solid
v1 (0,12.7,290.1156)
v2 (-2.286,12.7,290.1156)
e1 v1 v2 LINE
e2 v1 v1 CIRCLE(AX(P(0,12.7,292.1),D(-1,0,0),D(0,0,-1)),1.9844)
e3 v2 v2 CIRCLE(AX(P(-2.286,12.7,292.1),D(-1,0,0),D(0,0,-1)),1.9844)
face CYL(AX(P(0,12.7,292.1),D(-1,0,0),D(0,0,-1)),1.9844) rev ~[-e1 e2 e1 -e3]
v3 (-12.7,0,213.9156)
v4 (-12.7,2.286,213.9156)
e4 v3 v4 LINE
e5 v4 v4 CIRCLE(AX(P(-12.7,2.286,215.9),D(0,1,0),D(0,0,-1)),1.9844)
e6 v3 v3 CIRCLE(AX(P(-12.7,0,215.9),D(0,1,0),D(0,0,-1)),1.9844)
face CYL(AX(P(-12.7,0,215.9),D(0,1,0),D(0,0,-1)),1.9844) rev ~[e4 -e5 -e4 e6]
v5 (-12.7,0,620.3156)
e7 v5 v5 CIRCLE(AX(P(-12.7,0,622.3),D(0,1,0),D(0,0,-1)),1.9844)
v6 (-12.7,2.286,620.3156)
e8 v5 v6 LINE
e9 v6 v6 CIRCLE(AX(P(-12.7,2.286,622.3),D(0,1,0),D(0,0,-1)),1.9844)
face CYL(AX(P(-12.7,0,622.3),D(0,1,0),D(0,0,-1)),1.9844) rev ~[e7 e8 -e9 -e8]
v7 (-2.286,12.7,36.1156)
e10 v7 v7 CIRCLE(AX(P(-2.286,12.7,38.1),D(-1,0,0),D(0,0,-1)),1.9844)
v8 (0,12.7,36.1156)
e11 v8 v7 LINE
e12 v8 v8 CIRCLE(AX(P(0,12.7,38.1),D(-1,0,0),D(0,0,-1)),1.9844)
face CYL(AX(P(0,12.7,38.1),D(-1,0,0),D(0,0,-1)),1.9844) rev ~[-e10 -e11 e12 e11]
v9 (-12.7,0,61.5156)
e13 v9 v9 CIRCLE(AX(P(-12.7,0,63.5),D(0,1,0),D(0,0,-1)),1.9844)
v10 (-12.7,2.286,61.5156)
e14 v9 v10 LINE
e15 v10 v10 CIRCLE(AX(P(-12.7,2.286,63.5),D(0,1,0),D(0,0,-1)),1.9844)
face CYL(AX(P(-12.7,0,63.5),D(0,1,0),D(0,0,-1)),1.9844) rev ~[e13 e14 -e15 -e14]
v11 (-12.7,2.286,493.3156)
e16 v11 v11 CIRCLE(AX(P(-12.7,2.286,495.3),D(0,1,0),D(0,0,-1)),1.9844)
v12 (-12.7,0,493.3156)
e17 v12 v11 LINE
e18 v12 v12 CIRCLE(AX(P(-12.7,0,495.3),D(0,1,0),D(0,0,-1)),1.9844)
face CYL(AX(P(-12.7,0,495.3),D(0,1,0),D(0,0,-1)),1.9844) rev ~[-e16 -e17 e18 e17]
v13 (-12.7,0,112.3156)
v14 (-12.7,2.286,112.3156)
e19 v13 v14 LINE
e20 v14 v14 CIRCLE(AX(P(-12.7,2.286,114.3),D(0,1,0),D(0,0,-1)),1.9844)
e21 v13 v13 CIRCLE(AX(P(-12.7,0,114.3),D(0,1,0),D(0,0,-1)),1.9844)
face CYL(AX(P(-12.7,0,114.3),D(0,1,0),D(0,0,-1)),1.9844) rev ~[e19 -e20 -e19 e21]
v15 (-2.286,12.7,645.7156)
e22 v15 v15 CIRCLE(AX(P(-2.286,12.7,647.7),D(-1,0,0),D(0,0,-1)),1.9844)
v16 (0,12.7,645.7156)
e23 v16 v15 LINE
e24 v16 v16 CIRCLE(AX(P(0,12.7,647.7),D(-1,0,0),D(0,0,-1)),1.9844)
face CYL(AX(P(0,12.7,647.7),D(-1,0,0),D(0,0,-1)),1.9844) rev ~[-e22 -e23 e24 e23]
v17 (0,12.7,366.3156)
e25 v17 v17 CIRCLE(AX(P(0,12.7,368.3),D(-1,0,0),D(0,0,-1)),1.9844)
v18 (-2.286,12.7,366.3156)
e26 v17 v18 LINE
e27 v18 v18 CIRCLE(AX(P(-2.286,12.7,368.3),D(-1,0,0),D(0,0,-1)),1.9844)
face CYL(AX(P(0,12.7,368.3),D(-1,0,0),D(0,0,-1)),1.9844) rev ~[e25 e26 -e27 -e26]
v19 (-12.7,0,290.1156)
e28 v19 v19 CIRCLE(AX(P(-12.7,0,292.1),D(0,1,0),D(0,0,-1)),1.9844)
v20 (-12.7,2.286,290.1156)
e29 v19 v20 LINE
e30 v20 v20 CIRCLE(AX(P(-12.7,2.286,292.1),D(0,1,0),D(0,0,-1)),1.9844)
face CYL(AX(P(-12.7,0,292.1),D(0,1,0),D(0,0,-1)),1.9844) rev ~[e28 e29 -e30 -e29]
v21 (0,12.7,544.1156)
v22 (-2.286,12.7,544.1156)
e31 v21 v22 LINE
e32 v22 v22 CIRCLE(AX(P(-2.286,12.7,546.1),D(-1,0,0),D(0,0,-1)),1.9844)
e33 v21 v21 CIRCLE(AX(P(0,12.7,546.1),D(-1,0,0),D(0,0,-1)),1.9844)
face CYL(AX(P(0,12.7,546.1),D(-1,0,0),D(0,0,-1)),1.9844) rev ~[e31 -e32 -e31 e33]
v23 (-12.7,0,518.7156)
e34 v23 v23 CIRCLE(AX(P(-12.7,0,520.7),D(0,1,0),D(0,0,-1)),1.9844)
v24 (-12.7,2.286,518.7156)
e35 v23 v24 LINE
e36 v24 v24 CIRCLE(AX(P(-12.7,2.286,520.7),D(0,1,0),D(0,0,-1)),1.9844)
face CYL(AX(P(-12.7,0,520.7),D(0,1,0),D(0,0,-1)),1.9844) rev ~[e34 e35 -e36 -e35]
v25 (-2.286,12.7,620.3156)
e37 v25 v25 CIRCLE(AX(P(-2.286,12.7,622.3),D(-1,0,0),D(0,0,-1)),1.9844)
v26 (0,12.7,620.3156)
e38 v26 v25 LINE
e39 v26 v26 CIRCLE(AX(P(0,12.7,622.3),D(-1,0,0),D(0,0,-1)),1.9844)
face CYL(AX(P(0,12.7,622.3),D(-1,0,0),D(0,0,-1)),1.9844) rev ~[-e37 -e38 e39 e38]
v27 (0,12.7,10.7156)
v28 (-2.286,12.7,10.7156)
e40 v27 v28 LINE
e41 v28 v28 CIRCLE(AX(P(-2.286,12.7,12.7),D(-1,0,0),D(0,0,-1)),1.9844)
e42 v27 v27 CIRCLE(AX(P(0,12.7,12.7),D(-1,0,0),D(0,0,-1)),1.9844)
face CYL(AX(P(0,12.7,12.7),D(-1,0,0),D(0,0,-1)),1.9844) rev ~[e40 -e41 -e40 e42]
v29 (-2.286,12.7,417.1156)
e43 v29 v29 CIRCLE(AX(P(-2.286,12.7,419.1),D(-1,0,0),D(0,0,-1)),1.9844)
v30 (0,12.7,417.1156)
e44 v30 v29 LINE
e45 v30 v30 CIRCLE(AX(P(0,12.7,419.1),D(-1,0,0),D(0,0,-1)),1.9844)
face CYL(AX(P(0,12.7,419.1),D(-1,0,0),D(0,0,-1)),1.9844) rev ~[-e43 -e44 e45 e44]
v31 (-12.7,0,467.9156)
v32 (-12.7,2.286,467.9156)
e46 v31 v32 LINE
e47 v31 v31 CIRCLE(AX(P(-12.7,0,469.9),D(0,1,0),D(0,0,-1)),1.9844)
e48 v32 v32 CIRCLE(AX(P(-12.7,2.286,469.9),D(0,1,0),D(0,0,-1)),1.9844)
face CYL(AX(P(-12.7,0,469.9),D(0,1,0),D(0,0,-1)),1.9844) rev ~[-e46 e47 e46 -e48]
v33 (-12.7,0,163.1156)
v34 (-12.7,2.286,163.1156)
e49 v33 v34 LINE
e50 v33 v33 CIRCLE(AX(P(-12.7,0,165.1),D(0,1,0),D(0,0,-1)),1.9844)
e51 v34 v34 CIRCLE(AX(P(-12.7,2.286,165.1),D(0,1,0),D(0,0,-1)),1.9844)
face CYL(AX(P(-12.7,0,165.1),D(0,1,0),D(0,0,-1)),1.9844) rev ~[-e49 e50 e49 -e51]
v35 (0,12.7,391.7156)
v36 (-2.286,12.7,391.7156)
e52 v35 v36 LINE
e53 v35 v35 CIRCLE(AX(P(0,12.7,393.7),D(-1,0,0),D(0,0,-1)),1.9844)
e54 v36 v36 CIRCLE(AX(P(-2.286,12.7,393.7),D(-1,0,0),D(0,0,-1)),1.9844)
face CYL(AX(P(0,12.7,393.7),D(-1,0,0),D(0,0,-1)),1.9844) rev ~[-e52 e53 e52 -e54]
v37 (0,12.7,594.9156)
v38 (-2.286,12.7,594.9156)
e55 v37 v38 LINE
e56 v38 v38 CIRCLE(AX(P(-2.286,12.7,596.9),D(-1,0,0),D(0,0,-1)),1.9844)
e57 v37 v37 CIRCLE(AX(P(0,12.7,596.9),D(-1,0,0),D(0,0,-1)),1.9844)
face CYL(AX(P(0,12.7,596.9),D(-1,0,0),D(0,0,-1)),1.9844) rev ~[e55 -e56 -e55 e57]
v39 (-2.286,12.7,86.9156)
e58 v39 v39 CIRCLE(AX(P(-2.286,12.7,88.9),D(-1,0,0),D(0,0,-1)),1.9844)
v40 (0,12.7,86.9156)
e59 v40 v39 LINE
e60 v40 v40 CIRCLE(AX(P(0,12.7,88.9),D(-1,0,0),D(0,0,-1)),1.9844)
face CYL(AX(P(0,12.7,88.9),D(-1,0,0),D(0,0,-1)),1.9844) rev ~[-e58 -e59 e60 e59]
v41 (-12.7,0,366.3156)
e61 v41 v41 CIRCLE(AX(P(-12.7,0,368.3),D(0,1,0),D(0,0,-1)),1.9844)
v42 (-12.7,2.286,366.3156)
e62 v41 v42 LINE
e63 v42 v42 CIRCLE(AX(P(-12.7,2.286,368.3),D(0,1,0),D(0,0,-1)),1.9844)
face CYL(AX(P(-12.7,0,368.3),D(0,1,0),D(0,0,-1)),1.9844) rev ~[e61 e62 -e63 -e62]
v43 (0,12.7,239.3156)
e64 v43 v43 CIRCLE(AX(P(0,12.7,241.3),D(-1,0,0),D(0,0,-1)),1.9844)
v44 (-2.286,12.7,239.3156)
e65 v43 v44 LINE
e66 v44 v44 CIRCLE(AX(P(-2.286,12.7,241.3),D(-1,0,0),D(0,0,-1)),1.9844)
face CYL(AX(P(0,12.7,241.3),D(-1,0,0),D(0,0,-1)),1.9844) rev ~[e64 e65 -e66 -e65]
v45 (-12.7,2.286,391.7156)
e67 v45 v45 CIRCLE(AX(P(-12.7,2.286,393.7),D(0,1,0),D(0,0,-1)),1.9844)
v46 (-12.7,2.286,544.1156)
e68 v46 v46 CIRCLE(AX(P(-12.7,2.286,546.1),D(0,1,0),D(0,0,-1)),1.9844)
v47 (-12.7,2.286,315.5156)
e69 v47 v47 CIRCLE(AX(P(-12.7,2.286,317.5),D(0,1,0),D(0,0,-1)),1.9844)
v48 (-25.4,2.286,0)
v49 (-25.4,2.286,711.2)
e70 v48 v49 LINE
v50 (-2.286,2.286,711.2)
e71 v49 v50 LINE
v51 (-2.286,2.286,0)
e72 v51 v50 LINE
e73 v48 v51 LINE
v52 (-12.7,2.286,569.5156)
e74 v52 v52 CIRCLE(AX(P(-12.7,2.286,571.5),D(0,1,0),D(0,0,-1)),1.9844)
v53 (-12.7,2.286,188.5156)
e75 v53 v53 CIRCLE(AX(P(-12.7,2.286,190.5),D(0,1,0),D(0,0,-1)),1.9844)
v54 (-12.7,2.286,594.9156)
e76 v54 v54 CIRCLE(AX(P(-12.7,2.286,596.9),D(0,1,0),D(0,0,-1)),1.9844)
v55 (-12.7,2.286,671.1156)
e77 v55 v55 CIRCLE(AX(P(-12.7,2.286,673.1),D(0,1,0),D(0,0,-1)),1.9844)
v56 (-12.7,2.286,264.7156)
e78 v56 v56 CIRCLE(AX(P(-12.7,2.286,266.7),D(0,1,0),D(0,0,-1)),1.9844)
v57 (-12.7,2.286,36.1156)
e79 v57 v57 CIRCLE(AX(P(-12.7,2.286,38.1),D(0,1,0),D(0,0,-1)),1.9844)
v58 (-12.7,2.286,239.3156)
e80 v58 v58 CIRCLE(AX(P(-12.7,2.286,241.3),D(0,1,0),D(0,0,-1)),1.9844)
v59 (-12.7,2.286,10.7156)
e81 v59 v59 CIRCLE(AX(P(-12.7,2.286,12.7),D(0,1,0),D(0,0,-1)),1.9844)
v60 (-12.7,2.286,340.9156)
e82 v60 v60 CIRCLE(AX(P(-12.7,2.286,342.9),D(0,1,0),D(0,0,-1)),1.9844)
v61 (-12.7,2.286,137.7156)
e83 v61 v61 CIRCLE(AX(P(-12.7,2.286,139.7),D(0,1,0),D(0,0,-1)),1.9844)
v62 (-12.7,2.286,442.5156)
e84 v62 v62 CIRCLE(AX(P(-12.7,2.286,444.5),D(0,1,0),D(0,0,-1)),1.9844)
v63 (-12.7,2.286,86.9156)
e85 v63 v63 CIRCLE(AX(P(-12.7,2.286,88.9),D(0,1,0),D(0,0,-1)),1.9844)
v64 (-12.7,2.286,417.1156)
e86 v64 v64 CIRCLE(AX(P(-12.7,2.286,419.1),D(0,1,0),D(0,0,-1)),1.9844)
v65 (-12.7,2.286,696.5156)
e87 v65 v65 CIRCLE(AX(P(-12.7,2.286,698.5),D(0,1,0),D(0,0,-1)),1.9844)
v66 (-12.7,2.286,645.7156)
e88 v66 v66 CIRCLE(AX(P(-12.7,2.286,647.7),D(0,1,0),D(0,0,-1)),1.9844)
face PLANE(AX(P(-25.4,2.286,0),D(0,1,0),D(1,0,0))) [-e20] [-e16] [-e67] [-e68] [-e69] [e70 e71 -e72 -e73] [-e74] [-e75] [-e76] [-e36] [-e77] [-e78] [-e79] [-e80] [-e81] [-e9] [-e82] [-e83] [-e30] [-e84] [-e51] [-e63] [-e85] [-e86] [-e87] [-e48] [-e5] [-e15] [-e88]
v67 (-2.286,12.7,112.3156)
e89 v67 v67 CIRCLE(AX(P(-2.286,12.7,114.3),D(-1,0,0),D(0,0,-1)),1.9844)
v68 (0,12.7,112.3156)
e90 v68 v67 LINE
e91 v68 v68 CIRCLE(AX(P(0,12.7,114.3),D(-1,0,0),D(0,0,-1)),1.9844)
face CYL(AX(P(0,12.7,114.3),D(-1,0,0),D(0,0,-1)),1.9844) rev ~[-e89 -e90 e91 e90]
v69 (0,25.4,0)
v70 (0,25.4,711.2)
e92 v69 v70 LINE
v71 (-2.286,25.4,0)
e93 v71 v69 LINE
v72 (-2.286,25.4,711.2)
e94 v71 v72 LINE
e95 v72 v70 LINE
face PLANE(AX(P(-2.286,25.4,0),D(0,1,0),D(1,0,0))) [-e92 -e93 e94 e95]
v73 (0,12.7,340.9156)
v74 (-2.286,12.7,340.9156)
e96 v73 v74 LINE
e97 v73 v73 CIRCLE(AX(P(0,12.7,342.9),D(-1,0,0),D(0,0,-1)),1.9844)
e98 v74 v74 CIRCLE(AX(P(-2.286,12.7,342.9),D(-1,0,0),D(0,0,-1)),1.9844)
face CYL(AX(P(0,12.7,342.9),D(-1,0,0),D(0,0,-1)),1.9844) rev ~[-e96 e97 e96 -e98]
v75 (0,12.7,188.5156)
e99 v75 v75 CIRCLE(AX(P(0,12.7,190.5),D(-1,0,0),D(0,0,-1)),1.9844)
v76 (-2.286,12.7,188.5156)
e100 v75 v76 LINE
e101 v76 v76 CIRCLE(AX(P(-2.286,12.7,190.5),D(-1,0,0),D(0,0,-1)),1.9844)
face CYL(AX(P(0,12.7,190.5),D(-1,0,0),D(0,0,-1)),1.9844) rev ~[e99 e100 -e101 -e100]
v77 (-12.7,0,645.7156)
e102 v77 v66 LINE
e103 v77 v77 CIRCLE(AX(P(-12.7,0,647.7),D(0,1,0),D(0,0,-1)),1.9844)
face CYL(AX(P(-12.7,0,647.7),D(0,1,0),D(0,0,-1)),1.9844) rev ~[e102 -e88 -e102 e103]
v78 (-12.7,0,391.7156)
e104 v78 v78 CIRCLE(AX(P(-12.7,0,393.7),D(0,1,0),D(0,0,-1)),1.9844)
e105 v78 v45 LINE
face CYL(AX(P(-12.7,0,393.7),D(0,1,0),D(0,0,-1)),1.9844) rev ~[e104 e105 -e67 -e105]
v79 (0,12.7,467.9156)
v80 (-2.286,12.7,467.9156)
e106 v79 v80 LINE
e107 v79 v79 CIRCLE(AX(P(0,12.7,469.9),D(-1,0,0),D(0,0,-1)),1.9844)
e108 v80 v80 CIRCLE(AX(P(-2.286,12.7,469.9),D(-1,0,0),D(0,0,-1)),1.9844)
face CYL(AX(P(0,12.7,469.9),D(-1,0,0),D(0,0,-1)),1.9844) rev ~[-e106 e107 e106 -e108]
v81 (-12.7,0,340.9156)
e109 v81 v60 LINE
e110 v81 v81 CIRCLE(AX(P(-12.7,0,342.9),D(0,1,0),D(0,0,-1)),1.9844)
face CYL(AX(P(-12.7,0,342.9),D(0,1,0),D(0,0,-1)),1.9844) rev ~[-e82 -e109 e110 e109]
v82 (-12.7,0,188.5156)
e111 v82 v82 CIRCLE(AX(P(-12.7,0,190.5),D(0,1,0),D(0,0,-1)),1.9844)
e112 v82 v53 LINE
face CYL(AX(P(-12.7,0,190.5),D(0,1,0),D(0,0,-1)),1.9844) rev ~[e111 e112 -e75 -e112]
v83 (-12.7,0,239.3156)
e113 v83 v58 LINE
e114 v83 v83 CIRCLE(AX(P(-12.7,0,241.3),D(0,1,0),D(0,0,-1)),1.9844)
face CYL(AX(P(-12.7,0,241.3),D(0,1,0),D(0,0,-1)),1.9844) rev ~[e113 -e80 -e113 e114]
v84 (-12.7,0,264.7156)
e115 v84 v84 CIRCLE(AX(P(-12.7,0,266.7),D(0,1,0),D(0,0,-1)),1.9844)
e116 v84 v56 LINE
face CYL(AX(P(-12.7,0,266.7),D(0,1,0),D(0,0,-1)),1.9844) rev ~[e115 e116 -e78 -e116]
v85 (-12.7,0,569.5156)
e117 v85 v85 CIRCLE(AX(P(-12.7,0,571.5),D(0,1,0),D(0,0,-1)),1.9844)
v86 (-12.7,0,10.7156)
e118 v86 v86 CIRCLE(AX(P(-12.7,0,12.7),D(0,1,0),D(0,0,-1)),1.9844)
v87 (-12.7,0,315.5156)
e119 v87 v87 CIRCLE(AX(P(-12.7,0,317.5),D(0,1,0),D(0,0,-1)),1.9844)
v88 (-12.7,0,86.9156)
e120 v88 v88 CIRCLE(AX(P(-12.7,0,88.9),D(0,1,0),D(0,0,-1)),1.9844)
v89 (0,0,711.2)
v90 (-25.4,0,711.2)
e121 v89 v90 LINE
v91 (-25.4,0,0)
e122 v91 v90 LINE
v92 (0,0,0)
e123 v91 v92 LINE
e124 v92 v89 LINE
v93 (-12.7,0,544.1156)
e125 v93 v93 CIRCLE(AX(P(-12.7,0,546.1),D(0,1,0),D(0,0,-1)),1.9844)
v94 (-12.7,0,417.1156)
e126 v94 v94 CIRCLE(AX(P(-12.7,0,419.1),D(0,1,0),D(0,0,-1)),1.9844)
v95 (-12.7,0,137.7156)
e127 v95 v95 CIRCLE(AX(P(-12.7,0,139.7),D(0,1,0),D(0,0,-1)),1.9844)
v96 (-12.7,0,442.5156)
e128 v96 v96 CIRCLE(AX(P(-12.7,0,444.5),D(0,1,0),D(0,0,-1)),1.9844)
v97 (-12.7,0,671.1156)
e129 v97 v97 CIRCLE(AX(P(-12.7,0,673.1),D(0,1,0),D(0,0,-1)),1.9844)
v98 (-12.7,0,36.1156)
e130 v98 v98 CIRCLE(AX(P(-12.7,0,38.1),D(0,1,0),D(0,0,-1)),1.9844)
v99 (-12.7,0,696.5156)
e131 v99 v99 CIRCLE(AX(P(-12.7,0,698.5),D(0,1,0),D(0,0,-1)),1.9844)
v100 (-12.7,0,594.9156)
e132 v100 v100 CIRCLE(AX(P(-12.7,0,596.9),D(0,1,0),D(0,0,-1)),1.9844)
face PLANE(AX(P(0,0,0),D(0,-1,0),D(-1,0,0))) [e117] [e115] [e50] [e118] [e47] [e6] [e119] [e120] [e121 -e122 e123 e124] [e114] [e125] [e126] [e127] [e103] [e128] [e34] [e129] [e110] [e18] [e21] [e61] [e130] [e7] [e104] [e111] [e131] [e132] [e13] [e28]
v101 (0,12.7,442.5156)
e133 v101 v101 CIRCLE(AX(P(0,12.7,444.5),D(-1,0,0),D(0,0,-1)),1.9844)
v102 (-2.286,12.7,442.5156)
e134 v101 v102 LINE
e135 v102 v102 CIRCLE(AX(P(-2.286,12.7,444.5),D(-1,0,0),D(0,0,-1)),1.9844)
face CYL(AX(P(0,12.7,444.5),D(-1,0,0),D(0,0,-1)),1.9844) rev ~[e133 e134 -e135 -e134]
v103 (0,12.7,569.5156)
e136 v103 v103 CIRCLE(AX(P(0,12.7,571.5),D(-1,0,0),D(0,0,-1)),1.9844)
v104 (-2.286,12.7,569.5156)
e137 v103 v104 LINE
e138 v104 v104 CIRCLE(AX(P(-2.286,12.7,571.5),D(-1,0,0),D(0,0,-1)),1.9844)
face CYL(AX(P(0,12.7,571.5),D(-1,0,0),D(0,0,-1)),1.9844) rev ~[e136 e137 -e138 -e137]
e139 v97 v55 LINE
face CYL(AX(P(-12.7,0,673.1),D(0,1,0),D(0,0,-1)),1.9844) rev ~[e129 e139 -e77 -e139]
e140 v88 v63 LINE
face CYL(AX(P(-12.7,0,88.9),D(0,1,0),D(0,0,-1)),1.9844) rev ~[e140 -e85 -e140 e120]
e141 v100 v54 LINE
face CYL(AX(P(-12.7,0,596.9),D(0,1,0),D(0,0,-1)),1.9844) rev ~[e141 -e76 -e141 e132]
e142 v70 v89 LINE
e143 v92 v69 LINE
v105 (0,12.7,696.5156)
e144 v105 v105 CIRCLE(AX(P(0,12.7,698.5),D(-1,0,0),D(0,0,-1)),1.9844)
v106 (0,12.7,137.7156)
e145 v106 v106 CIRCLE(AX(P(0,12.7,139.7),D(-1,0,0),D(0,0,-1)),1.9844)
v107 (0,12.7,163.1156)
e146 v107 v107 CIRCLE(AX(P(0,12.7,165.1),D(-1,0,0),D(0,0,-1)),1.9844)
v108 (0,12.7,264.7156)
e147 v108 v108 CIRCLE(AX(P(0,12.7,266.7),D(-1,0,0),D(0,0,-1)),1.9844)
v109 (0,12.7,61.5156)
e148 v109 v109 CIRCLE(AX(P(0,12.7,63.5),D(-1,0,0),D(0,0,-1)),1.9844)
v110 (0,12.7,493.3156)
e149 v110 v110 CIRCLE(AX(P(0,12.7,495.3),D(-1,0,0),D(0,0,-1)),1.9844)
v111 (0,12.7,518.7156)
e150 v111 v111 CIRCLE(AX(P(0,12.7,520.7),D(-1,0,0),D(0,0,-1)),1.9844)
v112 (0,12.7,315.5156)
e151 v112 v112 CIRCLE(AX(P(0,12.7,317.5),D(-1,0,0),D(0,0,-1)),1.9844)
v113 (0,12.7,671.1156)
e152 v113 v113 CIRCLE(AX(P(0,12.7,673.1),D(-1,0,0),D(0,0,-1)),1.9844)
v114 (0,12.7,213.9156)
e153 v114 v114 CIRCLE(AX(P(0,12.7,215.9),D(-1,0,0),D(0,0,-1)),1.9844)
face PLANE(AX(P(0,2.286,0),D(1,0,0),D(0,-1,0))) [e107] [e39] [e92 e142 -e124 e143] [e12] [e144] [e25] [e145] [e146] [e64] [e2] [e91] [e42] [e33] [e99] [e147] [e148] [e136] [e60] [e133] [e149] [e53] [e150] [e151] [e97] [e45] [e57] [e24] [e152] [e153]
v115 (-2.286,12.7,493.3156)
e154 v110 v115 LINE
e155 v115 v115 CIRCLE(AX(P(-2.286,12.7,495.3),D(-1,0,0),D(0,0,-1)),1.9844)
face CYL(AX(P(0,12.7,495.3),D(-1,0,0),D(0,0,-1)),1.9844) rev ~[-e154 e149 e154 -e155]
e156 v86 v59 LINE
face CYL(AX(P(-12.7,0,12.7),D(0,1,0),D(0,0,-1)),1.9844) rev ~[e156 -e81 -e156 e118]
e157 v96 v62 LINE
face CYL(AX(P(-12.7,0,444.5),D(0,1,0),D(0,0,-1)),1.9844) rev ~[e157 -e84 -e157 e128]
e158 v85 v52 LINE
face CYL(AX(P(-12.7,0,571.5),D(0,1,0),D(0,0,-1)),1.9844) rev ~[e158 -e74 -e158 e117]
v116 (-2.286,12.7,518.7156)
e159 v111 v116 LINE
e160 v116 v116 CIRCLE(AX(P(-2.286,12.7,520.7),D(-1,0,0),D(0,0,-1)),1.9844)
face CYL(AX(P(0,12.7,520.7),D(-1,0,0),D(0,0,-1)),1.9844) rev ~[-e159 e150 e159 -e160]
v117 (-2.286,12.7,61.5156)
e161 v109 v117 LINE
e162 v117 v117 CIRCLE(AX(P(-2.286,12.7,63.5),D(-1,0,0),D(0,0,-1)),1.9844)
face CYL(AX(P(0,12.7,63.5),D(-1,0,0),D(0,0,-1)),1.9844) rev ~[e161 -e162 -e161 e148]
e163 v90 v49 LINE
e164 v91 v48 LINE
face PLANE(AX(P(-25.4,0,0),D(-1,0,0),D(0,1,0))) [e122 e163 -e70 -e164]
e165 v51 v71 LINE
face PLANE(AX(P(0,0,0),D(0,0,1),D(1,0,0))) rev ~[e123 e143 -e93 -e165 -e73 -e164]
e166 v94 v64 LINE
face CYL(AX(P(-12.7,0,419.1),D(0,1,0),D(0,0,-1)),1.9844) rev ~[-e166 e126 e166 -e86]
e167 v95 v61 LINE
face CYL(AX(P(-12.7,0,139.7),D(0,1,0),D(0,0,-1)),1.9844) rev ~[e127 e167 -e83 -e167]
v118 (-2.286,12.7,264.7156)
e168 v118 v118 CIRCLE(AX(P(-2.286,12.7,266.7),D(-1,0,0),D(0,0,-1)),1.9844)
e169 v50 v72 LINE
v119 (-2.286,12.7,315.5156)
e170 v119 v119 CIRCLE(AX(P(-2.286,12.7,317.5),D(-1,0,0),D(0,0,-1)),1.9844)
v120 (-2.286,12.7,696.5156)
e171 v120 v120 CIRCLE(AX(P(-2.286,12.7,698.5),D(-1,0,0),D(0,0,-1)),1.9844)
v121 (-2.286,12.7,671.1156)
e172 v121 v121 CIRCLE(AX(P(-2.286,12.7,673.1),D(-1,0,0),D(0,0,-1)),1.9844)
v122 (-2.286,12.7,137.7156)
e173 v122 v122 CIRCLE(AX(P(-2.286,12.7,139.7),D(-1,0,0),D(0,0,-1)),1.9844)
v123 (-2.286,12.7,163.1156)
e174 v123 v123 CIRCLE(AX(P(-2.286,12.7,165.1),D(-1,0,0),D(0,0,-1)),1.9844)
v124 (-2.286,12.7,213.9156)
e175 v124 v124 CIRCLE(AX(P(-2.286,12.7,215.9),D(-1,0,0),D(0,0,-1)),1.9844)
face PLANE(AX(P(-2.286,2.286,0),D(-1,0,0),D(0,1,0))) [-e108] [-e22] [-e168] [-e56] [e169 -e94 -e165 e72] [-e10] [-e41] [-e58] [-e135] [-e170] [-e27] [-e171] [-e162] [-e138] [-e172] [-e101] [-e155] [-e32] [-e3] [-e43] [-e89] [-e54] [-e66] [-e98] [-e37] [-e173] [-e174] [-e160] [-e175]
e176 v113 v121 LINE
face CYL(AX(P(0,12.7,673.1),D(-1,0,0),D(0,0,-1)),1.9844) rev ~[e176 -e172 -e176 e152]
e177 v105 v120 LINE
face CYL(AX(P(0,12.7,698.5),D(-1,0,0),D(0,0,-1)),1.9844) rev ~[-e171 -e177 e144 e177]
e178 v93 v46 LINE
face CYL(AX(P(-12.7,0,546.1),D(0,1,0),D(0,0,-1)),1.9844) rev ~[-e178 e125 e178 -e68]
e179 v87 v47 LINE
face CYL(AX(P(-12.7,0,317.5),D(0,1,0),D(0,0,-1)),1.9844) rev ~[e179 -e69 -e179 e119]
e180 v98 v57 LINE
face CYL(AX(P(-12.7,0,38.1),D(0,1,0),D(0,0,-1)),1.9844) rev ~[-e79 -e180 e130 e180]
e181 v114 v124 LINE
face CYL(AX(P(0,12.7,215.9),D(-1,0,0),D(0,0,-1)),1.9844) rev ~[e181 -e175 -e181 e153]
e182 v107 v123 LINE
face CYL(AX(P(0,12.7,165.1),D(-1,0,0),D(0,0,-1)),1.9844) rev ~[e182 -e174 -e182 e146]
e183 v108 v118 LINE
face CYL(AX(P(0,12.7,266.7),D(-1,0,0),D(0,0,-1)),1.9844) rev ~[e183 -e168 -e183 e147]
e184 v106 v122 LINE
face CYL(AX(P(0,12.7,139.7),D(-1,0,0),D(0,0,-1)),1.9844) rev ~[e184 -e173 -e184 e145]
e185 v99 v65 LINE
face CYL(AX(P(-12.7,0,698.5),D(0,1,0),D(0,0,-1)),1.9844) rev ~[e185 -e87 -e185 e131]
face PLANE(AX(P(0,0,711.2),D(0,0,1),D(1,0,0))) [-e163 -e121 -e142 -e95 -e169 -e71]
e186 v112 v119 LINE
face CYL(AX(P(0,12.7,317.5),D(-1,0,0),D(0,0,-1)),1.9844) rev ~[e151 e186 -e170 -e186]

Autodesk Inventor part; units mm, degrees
ref_plane "YZ Plane" through (0, 0, 0) normal (1, 0, 0) x (0, 1, 0)
ref_plane "XZ Plane" through (0, 0, 0) normal (0, 1, 0) x (-1, 0, 0)
ref_plane "XY Plane" through (0, 0, 0) normal (0, 0, 1) x (1, 0, 0)
sketch "Sketch1" plane through (0, 0, 0) normal (0, 0, 1) x (1, 0, 0)
  line L0 (0, 0) -> (-25.4, 0)
  line L1 (-25.4, 0) -> (-25.4, 2.286)
  line L2 (-25.4, 2.286) -> (0, 2.286)
  line L3 (0, 2.286) -> (0, 0)
  line L4 (0, 0) -> (-2.286, 0)
  line L5 (-2.286, 0) -> (-2.286, 25.4)
  line L6 (-2.286, 25.4) -> (0, 25.4)
  line L7 (0, 25.4) -> (0, 0)
  dimension "d0" = 25.4
  dimension "d1" = 2.286
  dimension "d2" = 2.286
  dimension "d3" = 25.4
extrude "Extrusion1" add sketch "Sketch1" along normal blind 711.2
sketch "Sketch2" plane through (-25.4, 0, 0) normal (0, -1, 0) x (1, 0, 0)
  line L0 (0, 0) -> (25.4, 0) projected
  line L1 (25.4, 0) -> (25.4, 711.2) projected
  line L2 (0, 711.2) -> (25.4, 711.2) projected
  line L3 (0, 0) -> (0, 711.2) projected
  point P0 (12.7, 12.7)
  dimension "d6" = 12.7
  dimension "d7" = 12.7
hole "Hole1" at (-12.7, 0, 12.7) direction (0, 1, 0) diameter 3.9688 end through all
pattern_linear "Rectangular Pattern1" count 28 spacing 25.4 along (0, 0, 1) of "Hole1"
sketch "Sketch3" plane through (0, 0, 0) normal (1, 0, 0) x (0, 0, -1)
  line L0 (-711.2, 0) -> (-711.2, 25.4) projected
  line L1 (0, 0) -> (-711.2, 0) projected
  line L2 (0, 0) -> (0, 25.4) projected
  line L3 (0, 25.4) -> (-711.2, 25.4) projected
  point P0 (-12.7, 12.7)
  dimension "d18" = 12.7
  dimension "d19" = 12.7
hole "Hole2" at (0, 12.7, 12.7) direction (-1, 0, 0) diameter 3.9688 end through all
pattern_linear "Rectangular Pattern2" count 28 spacing 25.4 along (0, 0, 1) of "Hole2"
properties part number "bumper_angle"
